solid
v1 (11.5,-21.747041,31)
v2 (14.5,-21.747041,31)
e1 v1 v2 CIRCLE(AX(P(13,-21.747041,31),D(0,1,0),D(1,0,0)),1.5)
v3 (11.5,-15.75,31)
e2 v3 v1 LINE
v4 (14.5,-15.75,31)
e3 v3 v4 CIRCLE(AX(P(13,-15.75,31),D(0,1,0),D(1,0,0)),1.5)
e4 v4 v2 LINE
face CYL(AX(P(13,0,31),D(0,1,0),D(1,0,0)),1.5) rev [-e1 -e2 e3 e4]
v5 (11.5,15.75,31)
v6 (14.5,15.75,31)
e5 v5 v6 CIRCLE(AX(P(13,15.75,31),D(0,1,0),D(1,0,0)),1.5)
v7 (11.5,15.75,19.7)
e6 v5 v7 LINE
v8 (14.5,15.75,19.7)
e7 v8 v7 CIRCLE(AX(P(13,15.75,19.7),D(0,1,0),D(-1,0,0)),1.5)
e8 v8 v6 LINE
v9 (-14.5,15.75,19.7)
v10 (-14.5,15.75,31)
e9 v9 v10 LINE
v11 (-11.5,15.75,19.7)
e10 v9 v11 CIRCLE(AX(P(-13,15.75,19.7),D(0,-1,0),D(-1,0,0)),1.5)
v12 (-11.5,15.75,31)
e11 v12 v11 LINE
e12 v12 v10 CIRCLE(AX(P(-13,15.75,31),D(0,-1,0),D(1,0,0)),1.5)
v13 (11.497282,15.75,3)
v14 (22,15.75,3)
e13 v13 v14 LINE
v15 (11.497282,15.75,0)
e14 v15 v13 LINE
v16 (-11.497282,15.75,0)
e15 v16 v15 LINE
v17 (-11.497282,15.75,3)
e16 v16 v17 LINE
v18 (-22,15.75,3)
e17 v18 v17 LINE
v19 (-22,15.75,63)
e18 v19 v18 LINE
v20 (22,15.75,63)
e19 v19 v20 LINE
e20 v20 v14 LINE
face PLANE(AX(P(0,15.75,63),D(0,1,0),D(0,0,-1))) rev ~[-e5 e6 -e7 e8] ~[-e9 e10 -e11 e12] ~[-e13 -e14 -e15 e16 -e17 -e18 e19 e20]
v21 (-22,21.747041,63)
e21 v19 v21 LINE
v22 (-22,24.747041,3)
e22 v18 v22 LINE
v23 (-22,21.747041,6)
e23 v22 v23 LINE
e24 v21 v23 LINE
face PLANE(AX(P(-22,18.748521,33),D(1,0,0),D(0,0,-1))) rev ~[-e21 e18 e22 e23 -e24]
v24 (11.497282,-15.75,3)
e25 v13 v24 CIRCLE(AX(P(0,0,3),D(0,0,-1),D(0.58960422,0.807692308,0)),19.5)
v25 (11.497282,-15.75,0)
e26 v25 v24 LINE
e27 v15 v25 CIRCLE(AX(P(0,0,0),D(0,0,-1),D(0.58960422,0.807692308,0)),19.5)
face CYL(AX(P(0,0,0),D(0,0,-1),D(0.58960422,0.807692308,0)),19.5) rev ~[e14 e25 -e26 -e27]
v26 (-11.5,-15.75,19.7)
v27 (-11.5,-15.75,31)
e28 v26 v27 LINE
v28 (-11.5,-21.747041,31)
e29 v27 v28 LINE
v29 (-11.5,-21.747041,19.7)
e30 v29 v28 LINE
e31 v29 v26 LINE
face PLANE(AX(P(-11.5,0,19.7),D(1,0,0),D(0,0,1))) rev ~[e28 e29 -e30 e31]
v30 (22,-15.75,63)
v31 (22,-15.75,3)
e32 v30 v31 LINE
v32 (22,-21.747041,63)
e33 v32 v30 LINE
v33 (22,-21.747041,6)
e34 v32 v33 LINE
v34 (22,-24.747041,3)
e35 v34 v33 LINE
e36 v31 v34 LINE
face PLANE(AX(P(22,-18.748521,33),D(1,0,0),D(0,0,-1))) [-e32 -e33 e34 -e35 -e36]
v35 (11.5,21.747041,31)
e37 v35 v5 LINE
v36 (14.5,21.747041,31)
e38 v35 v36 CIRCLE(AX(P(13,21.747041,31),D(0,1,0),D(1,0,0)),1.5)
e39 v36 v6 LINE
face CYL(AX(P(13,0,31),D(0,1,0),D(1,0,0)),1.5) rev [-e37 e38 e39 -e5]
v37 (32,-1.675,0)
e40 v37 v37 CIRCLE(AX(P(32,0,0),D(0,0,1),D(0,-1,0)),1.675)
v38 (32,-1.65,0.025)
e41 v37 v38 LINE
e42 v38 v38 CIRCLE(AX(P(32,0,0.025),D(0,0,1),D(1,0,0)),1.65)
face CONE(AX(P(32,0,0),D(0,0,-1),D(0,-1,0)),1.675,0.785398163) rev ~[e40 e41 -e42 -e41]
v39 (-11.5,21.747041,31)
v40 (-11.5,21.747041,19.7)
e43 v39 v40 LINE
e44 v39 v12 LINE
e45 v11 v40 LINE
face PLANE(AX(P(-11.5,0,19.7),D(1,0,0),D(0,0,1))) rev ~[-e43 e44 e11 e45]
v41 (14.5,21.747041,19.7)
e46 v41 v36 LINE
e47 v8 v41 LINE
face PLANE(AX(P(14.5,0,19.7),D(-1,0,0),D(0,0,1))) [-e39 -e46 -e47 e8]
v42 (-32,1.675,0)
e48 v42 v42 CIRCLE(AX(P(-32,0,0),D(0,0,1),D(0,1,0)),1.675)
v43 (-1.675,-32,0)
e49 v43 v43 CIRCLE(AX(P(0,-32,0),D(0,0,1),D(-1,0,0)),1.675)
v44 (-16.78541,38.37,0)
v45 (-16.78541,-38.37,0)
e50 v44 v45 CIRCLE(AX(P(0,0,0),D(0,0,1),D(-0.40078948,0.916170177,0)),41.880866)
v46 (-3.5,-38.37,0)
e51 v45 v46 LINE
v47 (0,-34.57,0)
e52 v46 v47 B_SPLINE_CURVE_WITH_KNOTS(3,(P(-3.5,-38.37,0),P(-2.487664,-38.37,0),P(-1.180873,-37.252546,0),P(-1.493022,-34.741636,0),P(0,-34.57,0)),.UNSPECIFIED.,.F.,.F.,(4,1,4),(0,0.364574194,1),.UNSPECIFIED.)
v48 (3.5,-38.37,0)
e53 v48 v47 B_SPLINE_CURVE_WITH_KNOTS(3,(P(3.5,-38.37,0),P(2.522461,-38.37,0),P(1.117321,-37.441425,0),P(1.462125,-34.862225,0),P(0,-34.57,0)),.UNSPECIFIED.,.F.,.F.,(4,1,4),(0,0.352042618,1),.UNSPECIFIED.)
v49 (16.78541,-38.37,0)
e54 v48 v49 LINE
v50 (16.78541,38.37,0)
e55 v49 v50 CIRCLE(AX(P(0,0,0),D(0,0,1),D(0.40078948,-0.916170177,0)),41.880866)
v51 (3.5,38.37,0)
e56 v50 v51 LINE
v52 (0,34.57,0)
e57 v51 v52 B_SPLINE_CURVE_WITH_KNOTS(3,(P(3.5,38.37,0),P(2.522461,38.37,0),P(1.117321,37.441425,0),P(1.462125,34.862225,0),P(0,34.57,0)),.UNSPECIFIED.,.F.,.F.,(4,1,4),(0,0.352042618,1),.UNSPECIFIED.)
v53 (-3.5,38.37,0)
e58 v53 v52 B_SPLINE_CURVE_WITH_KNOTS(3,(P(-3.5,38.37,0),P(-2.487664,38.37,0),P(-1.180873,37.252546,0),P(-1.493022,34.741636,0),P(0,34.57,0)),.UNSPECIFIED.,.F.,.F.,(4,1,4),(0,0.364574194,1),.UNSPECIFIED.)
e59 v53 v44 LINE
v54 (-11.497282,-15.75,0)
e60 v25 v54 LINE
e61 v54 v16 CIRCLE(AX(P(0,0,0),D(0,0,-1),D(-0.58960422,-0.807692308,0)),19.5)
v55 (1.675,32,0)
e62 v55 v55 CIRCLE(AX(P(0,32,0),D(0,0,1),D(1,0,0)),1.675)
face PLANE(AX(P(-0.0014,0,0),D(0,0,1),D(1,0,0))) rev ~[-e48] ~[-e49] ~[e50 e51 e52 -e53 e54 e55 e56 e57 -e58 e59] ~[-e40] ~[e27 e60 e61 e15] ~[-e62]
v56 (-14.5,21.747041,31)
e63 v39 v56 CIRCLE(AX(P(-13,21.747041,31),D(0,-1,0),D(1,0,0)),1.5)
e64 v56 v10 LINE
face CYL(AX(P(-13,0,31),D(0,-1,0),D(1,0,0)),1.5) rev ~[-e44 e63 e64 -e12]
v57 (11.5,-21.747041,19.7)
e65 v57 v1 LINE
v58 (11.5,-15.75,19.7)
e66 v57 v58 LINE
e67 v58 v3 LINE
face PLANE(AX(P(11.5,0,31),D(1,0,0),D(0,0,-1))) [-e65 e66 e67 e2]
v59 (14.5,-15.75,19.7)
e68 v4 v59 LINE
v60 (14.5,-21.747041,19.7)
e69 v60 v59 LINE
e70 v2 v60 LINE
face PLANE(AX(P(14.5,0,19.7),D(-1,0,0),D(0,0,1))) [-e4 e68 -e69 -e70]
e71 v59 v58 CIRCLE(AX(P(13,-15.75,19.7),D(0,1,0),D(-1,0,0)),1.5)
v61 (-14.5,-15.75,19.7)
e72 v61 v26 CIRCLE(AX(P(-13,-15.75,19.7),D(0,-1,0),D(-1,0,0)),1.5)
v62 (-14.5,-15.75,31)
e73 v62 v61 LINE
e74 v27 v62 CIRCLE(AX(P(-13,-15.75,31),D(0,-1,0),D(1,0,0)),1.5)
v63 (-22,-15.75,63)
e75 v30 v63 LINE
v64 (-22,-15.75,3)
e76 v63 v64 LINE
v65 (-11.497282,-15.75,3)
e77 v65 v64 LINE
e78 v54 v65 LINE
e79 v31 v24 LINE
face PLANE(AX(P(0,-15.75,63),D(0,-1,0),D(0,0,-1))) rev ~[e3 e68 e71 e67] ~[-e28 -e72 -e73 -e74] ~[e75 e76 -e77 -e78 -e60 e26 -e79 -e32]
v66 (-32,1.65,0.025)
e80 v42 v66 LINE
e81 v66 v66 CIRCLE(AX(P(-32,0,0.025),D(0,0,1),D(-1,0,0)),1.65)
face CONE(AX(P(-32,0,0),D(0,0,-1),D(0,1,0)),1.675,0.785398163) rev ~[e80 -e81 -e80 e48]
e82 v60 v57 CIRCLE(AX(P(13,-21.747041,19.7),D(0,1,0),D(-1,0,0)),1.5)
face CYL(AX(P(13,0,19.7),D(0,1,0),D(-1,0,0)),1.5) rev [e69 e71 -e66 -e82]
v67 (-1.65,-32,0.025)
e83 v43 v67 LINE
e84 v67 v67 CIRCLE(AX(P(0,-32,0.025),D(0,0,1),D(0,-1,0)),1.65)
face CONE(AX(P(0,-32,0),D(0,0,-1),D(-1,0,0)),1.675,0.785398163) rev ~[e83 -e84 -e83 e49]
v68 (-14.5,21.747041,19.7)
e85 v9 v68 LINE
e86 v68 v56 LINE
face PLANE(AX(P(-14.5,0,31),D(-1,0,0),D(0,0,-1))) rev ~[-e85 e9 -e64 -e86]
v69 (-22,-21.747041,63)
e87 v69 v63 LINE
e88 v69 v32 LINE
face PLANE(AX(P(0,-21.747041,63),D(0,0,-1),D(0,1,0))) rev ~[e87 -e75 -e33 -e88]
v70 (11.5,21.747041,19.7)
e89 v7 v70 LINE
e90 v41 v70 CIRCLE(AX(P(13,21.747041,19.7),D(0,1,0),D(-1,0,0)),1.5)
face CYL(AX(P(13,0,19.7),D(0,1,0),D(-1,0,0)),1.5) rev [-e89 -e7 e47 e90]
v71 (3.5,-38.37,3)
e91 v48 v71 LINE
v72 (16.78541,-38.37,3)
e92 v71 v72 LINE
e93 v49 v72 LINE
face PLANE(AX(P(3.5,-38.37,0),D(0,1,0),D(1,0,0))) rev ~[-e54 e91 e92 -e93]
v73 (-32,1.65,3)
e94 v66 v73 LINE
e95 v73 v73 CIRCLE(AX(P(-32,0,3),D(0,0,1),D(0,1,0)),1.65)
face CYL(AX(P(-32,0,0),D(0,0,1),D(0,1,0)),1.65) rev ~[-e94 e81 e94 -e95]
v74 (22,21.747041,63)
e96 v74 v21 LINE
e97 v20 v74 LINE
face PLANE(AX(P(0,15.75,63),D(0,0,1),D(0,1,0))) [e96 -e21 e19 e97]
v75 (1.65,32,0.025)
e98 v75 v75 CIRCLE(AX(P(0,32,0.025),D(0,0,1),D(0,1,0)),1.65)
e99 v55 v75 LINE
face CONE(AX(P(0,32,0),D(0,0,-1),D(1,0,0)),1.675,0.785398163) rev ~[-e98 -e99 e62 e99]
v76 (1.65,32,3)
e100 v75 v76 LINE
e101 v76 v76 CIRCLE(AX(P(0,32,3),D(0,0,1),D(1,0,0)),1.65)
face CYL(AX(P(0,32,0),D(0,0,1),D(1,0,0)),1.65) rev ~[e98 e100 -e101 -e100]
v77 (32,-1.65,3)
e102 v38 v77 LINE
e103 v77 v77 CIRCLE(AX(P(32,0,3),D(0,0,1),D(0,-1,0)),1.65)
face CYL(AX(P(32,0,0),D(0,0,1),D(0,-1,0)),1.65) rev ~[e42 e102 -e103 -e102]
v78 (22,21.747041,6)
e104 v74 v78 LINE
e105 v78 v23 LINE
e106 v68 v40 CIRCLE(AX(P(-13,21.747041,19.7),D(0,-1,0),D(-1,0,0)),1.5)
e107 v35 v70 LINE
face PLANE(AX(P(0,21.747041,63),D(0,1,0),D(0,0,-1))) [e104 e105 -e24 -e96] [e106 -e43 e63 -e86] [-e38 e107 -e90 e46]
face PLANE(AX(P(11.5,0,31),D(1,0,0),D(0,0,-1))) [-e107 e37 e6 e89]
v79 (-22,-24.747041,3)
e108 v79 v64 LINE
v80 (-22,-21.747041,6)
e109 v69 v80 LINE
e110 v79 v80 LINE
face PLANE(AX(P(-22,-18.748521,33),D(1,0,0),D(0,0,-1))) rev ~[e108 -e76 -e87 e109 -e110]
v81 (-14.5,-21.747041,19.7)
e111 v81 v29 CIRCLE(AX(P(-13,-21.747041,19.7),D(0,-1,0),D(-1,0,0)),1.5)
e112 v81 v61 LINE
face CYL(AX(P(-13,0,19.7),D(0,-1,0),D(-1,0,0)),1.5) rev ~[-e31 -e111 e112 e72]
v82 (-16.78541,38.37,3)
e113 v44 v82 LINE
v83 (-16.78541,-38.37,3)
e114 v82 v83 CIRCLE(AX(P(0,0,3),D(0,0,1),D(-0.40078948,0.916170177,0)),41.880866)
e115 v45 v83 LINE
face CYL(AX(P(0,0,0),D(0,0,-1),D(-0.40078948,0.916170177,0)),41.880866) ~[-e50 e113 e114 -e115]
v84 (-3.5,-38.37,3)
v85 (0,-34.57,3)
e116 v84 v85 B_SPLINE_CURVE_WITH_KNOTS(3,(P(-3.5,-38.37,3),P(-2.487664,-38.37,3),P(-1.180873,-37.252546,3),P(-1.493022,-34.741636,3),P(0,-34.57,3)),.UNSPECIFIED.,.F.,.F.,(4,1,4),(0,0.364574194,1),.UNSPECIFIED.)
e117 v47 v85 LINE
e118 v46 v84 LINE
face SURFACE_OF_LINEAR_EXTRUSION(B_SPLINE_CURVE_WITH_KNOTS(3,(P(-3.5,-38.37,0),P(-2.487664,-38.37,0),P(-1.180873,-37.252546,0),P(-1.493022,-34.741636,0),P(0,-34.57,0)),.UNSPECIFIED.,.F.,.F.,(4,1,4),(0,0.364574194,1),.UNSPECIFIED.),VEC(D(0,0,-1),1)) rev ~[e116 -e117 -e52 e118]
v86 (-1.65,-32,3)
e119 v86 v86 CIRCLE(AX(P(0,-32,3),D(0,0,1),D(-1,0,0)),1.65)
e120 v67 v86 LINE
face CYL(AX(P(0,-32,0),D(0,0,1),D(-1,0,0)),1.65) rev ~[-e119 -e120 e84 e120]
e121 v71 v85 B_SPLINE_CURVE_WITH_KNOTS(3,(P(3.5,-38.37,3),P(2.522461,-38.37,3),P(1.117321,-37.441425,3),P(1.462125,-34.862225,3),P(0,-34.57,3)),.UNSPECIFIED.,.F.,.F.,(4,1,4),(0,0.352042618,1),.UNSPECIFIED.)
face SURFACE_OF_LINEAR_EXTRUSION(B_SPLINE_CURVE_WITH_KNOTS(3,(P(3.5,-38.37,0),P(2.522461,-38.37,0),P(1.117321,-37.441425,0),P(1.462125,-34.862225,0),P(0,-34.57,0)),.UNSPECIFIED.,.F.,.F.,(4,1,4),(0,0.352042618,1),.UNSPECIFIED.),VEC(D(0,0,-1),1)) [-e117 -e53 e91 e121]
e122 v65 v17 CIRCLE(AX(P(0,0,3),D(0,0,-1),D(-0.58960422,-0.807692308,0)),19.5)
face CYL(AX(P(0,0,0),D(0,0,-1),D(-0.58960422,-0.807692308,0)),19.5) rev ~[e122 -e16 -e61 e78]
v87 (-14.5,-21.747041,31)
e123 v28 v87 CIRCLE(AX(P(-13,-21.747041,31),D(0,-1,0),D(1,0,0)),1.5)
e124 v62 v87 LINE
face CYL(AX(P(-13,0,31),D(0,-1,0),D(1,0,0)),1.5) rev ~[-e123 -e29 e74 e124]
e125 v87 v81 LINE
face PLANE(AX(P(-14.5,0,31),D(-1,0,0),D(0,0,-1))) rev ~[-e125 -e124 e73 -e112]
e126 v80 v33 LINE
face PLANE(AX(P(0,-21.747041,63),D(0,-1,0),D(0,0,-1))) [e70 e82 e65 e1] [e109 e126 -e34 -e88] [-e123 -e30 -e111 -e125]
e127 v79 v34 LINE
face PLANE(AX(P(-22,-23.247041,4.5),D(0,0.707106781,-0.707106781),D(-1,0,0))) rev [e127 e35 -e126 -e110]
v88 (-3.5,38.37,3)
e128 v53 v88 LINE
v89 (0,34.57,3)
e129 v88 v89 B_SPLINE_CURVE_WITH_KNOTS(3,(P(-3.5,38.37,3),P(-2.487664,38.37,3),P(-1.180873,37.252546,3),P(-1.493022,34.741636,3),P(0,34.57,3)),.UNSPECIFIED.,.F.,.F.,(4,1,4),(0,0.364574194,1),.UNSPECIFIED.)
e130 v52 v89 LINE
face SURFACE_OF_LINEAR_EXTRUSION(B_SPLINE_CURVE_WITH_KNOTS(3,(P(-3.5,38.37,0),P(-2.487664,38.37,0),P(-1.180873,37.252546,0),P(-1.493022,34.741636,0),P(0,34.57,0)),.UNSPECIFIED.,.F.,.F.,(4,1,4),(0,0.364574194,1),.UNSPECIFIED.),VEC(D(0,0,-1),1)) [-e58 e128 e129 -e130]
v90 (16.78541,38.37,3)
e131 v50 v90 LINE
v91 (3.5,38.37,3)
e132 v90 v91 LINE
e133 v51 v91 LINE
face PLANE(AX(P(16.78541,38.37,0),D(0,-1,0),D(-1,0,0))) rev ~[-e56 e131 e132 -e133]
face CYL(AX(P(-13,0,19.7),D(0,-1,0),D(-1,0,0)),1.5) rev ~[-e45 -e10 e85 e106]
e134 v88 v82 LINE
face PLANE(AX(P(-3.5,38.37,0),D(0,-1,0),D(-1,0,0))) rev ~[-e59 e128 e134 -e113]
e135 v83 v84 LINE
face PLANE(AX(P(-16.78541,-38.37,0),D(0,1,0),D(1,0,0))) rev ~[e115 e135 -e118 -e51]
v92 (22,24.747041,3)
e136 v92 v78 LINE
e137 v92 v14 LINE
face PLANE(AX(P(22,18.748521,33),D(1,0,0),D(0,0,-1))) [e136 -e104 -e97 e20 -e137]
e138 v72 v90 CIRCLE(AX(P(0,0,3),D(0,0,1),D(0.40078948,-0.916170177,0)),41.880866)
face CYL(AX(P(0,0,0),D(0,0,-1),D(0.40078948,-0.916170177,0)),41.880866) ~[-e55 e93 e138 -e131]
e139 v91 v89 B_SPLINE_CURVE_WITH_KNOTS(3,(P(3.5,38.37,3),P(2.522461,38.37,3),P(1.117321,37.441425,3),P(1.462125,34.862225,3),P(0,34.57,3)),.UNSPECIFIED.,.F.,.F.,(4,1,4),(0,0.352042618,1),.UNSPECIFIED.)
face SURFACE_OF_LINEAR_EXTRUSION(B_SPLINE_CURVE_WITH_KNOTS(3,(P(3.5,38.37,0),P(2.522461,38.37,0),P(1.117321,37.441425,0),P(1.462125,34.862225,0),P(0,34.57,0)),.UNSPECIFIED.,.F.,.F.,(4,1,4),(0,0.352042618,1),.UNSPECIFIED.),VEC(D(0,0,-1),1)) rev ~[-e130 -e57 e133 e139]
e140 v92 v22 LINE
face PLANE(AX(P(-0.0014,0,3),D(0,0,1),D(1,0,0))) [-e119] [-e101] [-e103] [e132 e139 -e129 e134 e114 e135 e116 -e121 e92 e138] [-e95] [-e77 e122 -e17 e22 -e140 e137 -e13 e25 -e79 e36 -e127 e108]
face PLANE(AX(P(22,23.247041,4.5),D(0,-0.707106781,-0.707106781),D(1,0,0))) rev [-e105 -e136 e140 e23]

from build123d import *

# Parameters (mm, degrees)
BOSS_EXTRUDE1_DEPTH                   = 3
TAP_DRILL_FOR_M4X0_7_TAP1_D           = 3.3
TAP_DRILL_FOR_M4X0_7_TAP1_CSINK_D     = 3.35
TAP_DRILL_FOR_M4X0_7_TAP1_CSINK_ANGLE = 90
CIRPATTERN1_COUNT                     = 4
SKETCH11_W                            = 60
SKETCH11_H                            = 5.997041234
BOSS_EXTRUDE2_DEPTH                   = 22
CUT_EXTRUDE4_DEPTH                    = 35
CHAMFER1_SIZE                         = 3
CHAMFER2_SIZE                         = 3


with BuildPart() as part:
    # Sketch1 → Boss-Extrude1 (new body)
    with BuildSketch(Plane.XY):
        with BuildLine():
            Line((-16.785410333, -38.37), (-3.5, -38.37))
            add(Edge.make_bspline(
                [(-3.5, -38.37), (-2.487663845, -38.37), (-1.180873463, -37.25254604), (-1.493022396, -34.741636396), (0, -34.57)],
                knots=[0, 0, 0, 0, 0.364574194, 1, 1, 1, 1], degree=3))
            add(Edge.make_bspline(
                [(3.5, -38.37), (2.522461063, -38.37), (1.117320535, -37.441425493), (1.462124558, -34.862224896), (0, -34.57)],
                knots=[0, 0, 0, 0, 0.352042618, 1, 1, 1, 1], degree=3))
            Line((3.5, -38.37), (16.785410333, -38.37))
            ThreePointArc((16.785410333, -38.37), (41.88086556, 0), (16.785410333, 38.37))
            Line((16.785410333, 38.37), (3.5, 38.37))
            add(Edge.make_bspline(
                [(3.5, 38.37), (2.522461063, 38.37), (1.117320535, 37.441425493), (1.462124558, 34.862224896), (0, 34.57)],
                knots=[0, 0, 0, 0, 0.352042618, 1, 1, 1, 1], degree=3))
            add(Edge.make_bspline(
                [(-3.5, 38.37), (-2.487663845, 38.37), (-1.180873463, 37.25254604), (-1.493022396, 34.741636396), (0, 34.57)],
                knots=[0, 0, 0, 0, 0.364574194, 1, 1, 1, 1], degree=3))
            Line((-3.5, 38.37), (-16.785410333, 38.37))
            ThreePointArc((-16.785410333, 38.37), (-41.88086556, 0), (-16.785410333, -38.37))
        make_face()
        with BuildLine():
            Line((11.497282288, -15.75), (-11.497282288, -15.75))
            ThreePointArc((-11.497282288, -15.75), (-19.5, 0), (-11.497282288, 15.75))
            Line((-11.497282288, 15.75), (11.497282288, 15.75))
            ThreePointArc((11.497282288, 15.75), (19.5, 0), (11.497282288, -15.75))
        make_face(mode=Mode.SUBTRACT)
    extrude(amount=BOSS_EXTRUDE1_DEPTH)

    # Tap Drill for M4x0.7 Tap1 (through all)
    with Locations(Plane(origin=(0, 32, 0), x_dir=(-1, 0, 0), z_dir=(0, 0, -1))):
        with Locations((0, 0)):
            tap_drill_for_m4x0_7_tap1 = CounterSinkHole(TAP_DRILL_FOR_M4X0_7_TAP1_D / 2, TAP_DRILL_FOR_M4X0_7_TAP1_CSINK_D / 2, counter_sink_angle=TAP_DRILL_FOR_M4X0_7_TAP1_CSINK_ANGLE)

    # CirPattern1: Tap Drill for M4x0.7 Tap1 ×4 about axis
    cirpattern1_axis = Axis((0, 0, 0), (0, 0, 1))
    for i in range(1, CIRPATTERN1_COUNT):
        add(tap_drill_for_m4x0_7_tap1.rotate(cirpattern1_axis, i * 360 / CIRPATTERN1_COUNT), mode=Mode.SUBTRACT)

    # Sketch11 → Boss-Extrude2 (add, symmetric)
    with BuildSketch(Plane(origin=(0, 0, 0), x_dir=(0, 0, -1), z_dir=(1, 0, 0))):
        with Locations((-33, 18.748520617)):
            Rectangle(SKETCH11_W, SKETCH11_H)
        with Locations((-33, -18.748520617)):
            Rectangle(SKETCH11_W, SKETCH11_H)
    extrude(amount=BOSS_EXTRUDE2_DEPTH, both=True)

    # Sketch9 → Cut-Extrude4 (cut, symmetric)
    with BuildSketch(Plane(origin=(28, 0, 0), x_dir=(0, 0, -1), z_dir=(0, -1, 0))):
        with BuildLine():
            Line((-19.7, -13.5), (-31, -13.5))
            ThreePointArc((-31, -13.5), (-32.5, -15), (-31, -16.5))
            Line((-31, -16.5), (-19.7, -16.5))
            ThreePointArc((-19.7, -16.5), (-18.2, -15), (-19.7, -13.5))
        make_face()
        with BuildLine():
            Line((-19.7, -39.5), (-31, -39.5))
            ThreePointArc((-31, -39.5), (-32.5, -41), (-31, -42.5))
            Line((-31, -42.5), (-19.7, -42.5))
            ThreePointArc((-19.7, -42.5), (-18.2, -41), (-19.7, -39.5))
        make_face()
    extrude(amount=CUT_EXTRUDE4_DEPTH, both=True, mode=Mode.SUBTRACT)

    # Chamfer1
    chamfer1_edges = [part.edges().sort_by_distance(p)[0] for p in [
        (0, 21.747041234, 3),
    ]]
    chamfer(chamfer1_edges, length=CHAMFER1_SIZE)

    # Chamfer2
    chamfer2_edges = [part.edges().sort_by_distance(p)[0] for p in [
        (0, -21.747041234, 3),
    ]]
    chamfer(chamfer2_edges, length=CHAMFER2_SIZE)


solid = part.part
